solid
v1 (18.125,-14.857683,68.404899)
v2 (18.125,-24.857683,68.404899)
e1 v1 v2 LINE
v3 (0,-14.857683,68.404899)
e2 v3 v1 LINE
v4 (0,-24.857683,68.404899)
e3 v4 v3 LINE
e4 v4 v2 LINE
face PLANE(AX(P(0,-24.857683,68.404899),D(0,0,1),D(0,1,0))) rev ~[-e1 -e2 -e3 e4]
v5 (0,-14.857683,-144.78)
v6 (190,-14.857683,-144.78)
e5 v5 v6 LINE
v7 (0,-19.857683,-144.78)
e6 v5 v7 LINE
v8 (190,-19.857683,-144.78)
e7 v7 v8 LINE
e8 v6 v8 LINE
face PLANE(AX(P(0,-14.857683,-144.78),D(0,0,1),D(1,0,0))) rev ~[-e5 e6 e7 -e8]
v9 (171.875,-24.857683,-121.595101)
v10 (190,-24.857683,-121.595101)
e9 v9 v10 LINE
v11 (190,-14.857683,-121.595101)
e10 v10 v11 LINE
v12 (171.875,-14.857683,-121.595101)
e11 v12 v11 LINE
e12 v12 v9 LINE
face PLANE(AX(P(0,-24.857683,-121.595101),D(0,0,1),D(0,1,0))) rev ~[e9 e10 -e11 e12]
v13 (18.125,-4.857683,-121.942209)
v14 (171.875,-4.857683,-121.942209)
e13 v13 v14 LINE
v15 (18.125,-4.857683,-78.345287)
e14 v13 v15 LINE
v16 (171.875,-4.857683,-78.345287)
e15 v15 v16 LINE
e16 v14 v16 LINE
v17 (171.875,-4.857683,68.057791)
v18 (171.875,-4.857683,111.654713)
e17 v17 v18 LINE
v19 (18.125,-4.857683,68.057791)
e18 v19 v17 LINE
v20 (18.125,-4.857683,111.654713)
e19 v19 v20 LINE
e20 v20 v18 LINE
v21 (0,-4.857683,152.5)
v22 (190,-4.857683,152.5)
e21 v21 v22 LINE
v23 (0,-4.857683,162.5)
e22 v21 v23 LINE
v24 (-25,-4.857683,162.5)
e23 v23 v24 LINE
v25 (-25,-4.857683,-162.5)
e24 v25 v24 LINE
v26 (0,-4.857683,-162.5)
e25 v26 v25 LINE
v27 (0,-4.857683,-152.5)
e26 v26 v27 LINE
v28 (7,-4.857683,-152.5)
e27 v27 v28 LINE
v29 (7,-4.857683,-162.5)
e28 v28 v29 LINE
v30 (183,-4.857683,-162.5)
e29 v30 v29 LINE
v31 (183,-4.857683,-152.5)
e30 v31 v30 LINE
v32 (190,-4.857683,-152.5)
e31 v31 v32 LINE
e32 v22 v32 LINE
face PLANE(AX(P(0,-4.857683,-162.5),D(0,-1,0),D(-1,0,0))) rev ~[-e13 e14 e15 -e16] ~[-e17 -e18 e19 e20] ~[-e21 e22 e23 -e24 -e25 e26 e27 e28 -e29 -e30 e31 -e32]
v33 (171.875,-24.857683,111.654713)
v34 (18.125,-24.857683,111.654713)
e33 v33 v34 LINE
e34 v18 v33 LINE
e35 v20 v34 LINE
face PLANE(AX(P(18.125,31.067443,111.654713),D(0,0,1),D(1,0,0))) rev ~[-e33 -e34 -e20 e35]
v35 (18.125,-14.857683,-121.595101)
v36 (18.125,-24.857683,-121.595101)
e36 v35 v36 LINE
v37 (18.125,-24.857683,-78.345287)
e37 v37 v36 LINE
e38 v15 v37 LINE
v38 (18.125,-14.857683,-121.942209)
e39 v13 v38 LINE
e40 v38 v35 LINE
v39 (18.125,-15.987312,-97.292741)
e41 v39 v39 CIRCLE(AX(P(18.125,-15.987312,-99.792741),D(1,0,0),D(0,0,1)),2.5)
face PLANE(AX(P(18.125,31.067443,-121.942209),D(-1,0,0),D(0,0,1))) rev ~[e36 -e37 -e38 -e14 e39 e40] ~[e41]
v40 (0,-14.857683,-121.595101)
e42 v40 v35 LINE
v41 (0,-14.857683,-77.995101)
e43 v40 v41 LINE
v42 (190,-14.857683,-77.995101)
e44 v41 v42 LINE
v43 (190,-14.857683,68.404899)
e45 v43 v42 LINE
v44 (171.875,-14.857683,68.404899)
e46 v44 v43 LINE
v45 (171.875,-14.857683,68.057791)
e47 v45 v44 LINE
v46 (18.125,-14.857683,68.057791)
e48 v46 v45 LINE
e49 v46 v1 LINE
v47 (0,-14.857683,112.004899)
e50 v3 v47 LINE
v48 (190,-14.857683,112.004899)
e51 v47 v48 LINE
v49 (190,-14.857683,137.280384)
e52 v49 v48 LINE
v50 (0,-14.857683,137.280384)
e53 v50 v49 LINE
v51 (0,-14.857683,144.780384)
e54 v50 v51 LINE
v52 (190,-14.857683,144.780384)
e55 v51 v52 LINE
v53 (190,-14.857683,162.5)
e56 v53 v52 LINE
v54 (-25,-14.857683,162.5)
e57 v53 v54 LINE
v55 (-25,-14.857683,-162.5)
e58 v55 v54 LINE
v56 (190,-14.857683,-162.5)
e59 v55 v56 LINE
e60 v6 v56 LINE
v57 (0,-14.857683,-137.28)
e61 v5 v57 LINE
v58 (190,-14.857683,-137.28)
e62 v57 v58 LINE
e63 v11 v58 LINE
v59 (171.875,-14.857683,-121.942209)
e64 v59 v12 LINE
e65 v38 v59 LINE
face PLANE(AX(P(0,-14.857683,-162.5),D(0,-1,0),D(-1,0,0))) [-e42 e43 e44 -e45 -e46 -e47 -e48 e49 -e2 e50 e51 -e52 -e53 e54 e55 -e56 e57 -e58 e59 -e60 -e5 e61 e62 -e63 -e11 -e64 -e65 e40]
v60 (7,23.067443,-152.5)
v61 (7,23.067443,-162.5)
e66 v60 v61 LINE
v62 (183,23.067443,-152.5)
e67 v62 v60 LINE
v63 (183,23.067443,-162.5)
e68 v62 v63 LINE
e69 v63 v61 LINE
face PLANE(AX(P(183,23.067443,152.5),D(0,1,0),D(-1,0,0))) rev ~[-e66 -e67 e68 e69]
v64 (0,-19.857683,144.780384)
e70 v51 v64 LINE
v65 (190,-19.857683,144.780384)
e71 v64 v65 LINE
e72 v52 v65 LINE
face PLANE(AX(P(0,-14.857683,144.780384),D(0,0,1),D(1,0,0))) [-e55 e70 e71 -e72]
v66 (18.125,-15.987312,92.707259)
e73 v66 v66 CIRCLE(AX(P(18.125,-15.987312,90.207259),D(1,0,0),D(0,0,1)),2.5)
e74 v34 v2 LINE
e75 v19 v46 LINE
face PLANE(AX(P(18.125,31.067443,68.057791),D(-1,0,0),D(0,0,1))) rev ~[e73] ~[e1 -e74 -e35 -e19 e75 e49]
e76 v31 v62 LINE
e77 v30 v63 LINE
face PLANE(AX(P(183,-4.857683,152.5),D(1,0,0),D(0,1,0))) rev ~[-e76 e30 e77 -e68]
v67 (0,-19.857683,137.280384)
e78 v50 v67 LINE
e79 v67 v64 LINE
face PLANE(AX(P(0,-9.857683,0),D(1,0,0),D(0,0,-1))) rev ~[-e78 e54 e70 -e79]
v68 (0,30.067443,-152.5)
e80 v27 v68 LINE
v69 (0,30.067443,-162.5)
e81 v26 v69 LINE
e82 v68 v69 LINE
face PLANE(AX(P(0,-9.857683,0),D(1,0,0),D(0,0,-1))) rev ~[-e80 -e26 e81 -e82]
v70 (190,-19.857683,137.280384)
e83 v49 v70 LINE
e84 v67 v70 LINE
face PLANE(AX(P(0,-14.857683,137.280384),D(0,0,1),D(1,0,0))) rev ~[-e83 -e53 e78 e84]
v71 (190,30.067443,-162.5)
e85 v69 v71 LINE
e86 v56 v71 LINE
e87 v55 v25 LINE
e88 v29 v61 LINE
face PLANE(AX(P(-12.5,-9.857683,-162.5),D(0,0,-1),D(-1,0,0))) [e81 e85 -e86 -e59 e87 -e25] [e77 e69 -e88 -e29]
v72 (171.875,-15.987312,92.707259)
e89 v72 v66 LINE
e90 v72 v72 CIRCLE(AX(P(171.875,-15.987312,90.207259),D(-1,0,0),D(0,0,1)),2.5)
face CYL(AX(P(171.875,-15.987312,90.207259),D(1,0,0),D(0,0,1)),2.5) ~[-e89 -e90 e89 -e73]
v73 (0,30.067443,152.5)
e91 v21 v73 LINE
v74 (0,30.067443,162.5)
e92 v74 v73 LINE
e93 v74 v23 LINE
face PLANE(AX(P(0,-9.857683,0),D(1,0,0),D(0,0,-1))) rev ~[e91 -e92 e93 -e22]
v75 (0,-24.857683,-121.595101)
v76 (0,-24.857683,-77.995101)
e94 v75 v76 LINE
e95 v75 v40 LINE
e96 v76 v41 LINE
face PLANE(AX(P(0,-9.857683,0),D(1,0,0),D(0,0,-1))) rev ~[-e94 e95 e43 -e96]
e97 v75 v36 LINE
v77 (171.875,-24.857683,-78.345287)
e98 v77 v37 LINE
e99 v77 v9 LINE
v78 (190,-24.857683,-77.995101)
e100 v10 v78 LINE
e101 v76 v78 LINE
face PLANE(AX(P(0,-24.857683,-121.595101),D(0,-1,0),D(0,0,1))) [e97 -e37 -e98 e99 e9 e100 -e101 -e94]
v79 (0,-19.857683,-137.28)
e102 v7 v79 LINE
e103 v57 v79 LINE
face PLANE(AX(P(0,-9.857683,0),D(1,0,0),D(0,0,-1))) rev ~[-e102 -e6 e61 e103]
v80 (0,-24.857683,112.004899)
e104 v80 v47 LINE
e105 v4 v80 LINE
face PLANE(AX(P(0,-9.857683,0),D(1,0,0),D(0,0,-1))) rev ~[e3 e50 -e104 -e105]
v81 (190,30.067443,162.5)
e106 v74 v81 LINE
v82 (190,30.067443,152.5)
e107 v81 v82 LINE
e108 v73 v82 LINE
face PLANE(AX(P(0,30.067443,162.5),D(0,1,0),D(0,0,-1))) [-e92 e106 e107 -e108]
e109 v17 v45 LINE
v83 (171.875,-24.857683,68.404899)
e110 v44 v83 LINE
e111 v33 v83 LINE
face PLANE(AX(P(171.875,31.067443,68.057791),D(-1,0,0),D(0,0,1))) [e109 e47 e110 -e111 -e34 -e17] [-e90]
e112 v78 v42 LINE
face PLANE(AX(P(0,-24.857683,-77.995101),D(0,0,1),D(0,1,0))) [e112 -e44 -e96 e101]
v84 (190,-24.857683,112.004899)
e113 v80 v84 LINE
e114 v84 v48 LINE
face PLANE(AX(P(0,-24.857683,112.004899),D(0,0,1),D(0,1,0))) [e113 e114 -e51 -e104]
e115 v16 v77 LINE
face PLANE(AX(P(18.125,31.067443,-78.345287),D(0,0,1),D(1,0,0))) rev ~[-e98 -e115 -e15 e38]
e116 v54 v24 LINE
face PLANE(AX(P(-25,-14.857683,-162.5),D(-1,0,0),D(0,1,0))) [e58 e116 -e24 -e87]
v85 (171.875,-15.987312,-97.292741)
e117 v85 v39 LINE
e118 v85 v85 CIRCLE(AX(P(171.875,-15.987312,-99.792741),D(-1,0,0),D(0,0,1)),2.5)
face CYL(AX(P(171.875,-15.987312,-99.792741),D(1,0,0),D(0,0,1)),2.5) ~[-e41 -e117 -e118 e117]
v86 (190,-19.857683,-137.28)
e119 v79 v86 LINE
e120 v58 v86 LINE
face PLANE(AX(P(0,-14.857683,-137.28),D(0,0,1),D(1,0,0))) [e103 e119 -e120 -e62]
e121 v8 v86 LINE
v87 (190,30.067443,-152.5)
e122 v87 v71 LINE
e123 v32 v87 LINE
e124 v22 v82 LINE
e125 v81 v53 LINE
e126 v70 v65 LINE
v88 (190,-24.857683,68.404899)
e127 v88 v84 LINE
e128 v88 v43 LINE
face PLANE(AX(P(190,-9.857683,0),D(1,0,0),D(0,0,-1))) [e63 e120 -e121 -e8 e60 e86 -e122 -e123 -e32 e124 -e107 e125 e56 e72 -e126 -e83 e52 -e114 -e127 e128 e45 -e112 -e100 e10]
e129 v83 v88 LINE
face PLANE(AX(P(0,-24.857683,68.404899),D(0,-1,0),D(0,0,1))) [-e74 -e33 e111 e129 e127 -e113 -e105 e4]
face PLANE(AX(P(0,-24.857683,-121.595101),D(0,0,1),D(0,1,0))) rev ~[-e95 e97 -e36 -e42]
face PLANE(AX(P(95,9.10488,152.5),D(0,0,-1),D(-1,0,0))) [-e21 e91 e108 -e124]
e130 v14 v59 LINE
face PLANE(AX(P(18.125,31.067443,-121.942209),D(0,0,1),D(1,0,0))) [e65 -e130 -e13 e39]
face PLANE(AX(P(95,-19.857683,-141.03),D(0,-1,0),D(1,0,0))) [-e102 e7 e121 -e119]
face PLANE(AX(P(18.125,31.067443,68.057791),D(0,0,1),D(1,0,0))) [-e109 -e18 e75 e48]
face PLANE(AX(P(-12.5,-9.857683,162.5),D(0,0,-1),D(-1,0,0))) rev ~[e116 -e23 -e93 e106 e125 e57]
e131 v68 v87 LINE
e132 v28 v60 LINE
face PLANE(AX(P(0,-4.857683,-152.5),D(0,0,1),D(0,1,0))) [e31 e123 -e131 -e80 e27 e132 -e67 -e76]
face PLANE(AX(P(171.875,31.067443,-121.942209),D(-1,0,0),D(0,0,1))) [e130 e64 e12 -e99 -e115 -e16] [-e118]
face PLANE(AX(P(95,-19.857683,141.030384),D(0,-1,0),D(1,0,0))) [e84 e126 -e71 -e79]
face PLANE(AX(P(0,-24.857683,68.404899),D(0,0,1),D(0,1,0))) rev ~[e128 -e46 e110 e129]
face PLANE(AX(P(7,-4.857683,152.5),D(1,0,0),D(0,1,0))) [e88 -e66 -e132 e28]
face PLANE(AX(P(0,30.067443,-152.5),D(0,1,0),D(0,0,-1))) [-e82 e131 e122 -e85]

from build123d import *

# Parameters (mm, degrees)
SKETCH1_W           = 325
SKETCH1_H           = 10
SKETCH1_W_2         = 10
SKETCH1_H_2         = 34.925125471
BOSS_EXTRUDE1_DEPTH = 190
SKETCH2_W           = 190
SKETCH2_H           = 7.5
BOSS_EXTRUDE2_DEPTH = 5
SKETCH6_W           = 43.6
SKETCH6_H           = 10
BOSS_EXTRUDE4_DEPTH = 190
CUT_EXTRUDE1_START  = -45.92512547
SKETCH3_W           = 153.75
SKETCH3_H           = 43.596922071
CUT_EXTRUDE1_DEPTH  = 56.92512547
SKETCH4_R           = 2.5
BOSS_EXTRUDE3_DEPTH = 171.875
LPATTERN1_COUNT     = 2
LPATTERN1_PITCH     = 190
SKETCH7_W           = 176
SKETCH7_H           = 27.925125471
CUT_EXTRUDE5_DEPTH  = 315
SKETCH8_W           = 25
SKETCH8_H           = 10
BOSS_EXTRUDE6_DEPTH = 325


with BuildPart() as part:
    # Sketch1 → Boss-Extrude1 (new body)
    with BuildSketch(Plane(origin=(0, 0, 0), x_dir=(0, 0, -1), z_dir=(1, 0, 0))):
        with Locations((0, -9.857682562)):
            Rectangle(SKETCH1_W, SKETCH1_H)
        with Locations((-157.5, 12.604880173)):
            Rectangle(SKETCH1_W_2, SKETCH1_H_2)
        with Locations((157.5, 12.604880173)):
            Rectangle(SKETCH1_W_2, SKETCH1_H_2)
    extrude(amount=BOSS_EXTRUDE1_DEPTH)

    # Sketch2 → Boss-Extrude2 (add)
    with BuildSketch(Plane.XZ.offset(14.857682562)):
        with Locations((95, 141.030384385)):
            Rectangle(SKETCH2_W, SKETCH2_H)
        with Locations((95, -141.03)):
            Rectangle(SKETCH2_W, SKETCH2_H)
    extrude(amount=BOSS_EXTRUDE2_DEPTH)

    # Sketch6 → Boss-Extrude4 (add, through all)
    with BuildSketch(Plane.ZY):
        with Locations((90.204898917, -19.857682562)):
            Rectangle(SKETCH6_W, SKETCH6_H)
    boss_extrude4 = extrude(amount=-BOSS_EXTRUDE4_DEPTH)

    # Sketch3 → Cut-Extrude1 (cut)
    with BuildSketch(Plane.XZ.offset(14.857682562).offset(CUT_EXTRUDE1_START)):
        with Locations((95, 89.856251598)):
            Rectangle(SKETCH3_W, SKETCH3_H)
    cut_extrude1 = extrude(amount=CUT_EXTRUDE1_DEPTH, mode=Mode.SUBTRACT)

    # Sketch4 → Boss-Extrude3 (add, through all)
    with BuildSketch(Plane.ZY.offset(-171.875)):
        with Locations((90.207259337, -15.987312382)):
            Circle(SKETCH4_R)
    boss_extrude3 = extrude(amount=BOSS_EXTRUDE3_DEPTH)

    # LPattern1: Boss-Extrude4, Cut-Extrude1, Boss-Extrude3 ×2
    with Locations(*[(0, 0, -i * LPATTERN1_PITCH) for i in range(1, LPATTERN1_COUNT)]):
        add(boss_extrude4)
        add(cut_extrude1, mode=Mode.SUBTRACT)
        add(boss_extrude3)

    # Sketch7 → Cut-Extrude5 (cut)
    with BuildSketch(Plane(origin=(0, 0, 152.5), x_dir=(-1, 0, 0), z_dir=(0, 0, -1))):
        with Locations((-95, 9.104880173)):
            Rectangle(SKETCH7_W, SKETCH7_H)
    extrude(amount=CUT_EXTRUDE5_DEPTH, mode=Mode.SUBTRACT)

    # Sketch8 → Boss-Extrude6 (add)
    with BuildSketch(Plane(origin=(0, 0, -162.5), x_dir=(-1, 0, 0), z_dir=(0, 0, -1))):
        with Locations((12.5, -9.857682562)):
            Rectangle(SKETCH8_W, SKETCH8_H)
    extrude(amount=-BOSS_EXTRUDE6_DEPTH)


solid = part.part
